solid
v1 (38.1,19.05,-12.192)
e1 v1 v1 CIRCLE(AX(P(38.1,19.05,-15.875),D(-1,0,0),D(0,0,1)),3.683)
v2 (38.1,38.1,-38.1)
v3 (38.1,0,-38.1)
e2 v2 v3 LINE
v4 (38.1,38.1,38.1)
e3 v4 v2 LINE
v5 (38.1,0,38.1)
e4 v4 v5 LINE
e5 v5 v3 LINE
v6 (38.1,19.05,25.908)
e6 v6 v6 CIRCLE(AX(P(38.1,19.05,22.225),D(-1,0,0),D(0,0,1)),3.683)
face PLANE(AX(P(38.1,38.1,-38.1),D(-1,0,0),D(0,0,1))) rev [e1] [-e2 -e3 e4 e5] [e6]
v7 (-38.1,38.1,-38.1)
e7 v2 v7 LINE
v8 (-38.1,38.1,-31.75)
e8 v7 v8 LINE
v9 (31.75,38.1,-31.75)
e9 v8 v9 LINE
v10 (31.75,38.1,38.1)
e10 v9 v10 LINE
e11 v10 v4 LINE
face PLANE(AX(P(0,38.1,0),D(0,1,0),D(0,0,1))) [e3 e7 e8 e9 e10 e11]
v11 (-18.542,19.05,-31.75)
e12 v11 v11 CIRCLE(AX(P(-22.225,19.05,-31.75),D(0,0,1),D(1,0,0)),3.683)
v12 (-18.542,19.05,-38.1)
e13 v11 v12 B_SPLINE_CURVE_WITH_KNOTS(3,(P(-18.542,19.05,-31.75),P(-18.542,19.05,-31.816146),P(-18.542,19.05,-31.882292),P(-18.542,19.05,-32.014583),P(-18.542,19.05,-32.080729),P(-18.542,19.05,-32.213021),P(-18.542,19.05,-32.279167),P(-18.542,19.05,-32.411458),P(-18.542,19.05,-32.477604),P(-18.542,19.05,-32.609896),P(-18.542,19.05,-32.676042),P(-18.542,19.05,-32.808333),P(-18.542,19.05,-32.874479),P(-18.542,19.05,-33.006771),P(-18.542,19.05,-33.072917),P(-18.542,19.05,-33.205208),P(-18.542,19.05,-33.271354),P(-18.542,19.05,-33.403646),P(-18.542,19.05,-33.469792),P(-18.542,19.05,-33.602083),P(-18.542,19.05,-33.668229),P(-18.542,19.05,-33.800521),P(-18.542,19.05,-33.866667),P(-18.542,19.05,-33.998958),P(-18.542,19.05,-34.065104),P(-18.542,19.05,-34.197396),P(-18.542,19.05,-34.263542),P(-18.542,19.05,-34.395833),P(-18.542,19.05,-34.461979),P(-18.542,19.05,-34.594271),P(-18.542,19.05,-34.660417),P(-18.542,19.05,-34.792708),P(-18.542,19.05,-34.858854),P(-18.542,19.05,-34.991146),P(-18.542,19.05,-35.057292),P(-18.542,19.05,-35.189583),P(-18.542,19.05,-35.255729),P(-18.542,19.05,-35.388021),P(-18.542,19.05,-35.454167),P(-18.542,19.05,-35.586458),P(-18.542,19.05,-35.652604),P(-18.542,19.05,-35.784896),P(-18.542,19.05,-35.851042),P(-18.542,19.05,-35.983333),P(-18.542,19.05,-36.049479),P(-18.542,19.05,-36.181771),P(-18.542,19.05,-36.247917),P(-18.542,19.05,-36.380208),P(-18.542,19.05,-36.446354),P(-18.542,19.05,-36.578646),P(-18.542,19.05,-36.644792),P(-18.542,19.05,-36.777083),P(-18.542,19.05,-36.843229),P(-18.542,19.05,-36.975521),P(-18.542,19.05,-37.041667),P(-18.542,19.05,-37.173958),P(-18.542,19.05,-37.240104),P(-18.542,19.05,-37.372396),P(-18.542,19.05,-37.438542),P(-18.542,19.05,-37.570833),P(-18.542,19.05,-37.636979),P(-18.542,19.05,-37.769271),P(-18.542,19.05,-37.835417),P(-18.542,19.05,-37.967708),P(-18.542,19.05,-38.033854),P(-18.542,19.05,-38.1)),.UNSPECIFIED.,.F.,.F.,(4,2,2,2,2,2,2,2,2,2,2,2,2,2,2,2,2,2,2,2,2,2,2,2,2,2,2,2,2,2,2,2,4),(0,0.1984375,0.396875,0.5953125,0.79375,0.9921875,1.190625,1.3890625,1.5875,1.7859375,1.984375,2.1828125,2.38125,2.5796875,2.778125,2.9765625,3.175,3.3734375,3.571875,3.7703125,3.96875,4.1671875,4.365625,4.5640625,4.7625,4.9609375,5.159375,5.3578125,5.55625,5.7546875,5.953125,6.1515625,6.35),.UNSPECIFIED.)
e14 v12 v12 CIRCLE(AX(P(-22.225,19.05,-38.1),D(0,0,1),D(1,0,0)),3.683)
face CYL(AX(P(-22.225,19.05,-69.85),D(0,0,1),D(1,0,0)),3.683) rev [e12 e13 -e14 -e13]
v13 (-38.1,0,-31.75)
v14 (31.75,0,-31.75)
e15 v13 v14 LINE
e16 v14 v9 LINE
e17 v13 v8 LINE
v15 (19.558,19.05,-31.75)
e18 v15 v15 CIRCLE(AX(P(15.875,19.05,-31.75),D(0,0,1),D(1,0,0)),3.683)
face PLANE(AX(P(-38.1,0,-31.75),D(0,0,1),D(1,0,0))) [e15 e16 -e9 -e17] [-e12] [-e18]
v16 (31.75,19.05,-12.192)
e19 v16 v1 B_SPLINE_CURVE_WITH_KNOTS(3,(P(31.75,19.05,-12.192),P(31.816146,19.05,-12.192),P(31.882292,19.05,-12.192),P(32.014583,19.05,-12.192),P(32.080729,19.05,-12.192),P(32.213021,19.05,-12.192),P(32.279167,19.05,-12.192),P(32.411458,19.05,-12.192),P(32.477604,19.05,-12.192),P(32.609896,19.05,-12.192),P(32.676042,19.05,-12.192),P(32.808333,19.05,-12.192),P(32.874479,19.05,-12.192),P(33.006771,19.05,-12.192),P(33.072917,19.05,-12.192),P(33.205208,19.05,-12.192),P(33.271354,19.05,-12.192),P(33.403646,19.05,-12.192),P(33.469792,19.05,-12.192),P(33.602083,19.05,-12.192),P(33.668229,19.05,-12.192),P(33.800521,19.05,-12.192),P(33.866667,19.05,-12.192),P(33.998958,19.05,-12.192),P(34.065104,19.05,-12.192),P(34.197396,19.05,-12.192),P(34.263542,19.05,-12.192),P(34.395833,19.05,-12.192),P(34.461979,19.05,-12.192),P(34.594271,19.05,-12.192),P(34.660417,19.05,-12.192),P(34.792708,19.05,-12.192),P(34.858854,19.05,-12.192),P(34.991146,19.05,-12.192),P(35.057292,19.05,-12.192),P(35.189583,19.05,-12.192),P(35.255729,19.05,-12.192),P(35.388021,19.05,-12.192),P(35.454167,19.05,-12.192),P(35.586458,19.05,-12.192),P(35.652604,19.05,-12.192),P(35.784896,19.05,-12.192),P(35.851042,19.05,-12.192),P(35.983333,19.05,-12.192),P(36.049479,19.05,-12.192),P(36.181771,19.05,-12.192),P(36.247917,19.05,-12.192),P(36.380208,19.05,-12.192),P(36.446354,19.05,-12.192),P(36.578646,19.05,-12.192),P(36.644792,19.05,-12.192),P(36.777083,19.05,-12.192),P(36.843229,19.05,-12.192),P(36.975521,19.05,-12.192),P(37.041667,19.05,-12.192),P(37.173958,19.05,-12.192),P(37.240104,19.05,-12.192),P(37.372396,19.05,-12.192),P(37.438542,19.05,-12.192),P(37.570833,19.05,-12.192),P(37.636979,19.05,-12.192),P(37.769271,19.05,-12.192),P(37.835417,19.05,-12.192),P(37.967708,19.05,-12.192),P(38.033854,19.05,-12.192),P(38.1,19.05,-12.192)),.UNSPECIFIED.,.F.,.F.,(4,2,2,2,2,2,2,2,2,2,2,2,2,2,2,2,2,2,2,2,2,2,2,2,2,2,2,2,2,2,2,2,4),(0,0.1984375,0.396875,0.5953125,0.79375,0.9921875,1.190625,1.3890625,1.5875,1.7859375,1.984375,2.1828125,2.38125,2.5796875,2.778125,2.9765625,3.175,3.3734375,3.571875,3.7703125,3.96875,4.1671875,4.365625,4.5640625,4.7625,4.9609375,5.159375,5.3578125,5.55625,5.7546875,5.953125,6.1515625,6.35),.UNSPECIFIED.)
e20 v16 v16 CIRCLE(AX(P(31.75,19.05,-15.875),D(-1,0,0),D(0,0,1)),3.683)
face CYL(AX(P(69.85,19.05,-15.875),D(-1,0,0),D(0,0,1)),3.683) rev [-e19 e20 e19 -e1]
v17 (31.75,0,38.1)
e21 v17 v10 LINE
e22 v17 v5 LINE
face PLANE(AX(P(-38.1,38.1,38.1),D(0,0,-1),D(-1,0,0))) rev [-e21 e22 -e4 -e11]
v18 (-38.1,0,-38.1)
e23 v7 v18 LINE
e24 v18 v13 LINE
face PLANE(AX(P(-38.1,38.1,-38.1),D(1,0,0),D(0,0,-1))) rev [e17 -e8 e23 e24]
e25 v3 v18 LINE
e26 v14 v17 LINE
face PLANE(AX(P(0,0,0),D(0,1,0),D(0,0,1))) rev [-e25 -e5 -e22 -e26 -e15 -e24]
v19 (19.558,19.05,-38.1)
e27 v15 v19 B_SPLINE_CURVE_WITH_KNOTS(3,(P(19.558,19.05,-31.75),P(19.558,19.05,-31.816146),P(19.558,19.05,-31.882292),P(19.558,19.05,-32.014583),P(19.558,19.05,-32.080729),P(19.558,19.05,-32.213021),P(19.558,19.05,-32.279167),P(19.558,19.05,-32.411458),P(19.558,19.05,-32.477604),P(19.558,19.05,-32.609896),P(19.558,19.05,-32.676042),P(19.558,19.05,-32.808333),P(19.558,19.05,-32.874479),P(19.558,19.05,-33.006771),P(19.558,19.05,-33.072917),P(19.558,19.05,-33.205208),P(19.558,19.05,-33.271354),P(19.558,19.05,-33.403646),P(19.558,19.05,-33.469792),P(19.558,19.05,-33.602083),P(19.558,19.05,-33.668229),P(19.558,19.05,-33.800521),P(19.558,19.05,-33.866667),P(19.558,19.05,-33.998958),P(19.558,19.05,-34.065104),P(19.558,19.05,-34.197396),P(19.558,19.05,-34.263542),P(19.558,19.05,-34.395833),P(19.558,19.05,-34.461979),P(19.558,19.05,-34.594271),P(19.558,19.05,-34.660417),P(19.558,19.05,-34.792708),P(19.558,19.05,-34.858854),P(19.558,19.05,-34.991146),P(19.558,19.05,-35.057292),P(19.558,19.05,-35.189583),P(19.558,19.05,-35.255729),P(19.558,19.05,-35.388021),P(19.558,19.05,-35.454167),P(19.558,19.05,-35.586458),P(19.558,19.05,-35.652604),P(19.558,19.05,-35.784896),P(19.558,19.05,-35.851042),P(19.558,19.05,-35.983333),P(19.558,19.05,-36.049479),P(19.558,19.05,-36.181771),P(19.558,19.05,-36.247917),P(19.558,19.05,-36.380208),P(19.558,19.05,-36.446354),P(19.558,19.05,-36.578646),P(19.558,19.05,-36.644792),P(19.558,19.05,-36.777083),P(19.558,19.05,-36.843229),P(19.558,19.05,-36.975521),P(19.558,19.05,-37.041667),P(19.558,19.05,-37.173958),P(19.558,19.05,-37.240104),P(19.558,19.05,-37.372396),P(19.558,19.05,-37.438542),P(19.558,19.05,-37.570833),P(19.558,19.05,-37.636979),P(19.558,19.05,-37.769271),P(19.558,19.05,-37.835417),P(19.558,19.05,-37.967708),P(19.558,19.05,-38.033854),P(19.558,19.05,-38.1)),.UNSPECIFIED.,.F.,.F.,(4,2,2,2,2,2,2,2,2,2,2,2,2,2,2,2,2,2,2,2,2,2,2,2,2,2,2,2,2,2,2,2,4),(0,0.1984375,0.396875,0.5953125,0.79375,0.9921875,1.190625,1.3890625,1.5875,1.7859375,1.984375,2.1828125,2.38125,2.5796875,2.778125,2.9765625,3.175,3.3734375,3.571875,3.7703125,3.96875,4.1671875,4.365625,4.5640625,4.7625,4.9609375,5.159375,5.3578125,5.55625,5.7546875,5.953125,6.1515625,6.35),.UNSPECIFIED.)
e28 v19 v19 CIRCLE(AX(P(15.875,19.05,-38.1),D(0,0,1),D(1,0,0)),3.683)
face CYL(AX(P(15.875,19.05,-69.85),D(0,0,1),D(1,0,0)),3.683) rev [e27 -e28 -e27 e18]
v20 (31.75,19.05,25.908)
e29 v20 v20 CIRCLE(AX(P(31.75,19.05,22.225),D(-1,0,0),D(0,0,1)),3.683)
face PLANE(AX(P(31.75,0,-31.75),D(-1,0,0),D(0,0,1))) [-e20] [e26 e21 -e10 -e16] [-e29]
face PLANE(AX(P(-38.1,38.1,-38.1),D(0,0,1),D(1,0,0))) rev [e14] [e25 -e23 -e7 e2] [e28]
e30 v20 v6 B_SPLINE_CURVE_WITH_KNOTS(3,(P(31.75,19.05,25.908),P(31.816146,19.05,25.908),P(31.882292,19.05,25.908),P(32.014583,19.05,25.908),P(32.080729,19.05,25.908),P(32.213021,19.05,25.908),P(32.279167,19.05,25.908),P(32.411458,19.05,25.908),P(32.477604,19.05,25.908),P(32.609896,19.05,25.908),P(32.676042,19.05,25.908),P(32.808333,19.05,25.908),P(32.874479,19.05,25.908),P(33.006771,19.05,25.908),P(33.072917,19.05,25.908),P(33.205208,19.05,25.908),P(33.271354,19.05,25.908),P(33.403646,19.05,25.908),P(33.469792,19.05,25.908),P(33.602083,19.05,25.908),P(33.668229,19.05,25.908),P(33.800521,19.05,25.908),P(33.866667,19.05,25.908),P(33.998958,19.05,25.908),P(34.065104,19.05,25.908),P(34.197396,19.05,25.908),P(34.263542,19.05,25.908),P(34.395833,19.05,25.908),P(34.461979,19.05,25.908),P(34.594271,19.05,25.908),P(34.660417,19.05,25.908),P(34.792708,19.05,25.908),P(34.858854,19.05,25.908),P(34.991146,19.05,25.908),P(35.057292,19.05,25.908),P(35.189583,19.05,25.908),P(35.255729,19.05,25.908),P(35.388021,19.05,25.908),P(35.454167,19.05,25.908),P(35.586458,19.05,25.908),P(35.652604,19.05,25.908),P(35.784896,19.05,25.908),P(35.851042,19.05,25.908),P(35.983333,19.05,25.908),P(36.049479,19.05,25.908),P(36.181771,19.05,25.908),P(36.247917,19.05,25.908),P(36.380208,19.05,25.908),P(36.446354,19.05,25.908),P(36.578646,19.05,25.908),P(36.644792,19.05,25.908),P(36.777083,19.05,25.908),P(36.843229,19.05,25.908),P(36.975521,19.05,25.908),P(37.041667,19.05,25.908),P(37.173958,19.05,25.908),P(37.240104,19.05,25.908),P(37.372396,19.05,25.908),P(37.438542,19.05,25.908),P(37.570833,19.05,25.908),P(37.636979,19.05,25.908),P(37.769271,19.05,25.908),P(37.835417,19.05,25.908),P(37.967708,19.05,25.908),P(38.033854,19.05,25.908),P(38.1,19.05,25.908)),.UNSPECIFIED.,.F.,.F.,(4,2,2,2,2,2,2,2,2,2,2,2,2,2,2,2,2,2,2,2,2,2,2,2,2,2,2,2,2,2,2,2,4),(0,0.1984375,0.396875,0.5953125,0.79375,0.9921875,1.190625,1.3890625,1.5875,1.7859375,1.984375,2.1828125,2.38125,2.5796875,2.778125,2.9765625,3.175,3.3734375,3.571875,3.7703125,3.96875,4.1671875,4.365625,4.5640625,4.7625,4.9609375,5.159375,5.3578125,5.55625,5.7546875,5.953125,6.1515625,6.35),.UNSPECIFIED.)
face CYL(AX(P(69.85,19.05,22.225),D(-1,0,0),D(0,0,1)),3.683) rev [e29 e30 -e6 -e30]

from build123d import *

# Parameters (mm, degrees)
SKETCH1_W           = 76.2
SKETCH1_H           = 76.2
BOSS_EXTRUDE1_DEPTH = 38.1
SKETCH2_OUTSIDE_W   = 101.06
SKETCH2_OUTSIDE_H   = 101.06
CUT_EXTRUDE1_DEPTH  = 66.991135768
CUT_EXTRUDE2_DEPTH  = 38.1
CUT_EXTRUDE3_DEPTH  = 38.1


with BuildPart() as part:
    # Sketch1 → Boss-Extrude1 (new body)
    with BuildSketch(Plane(origin=(0, 0, 0), x_dir=(1, 0, 0), z_dir=(0, 1, 0))):
        Rectangle(SKETCH1_W, SKETCH1_H)
    extrude(amount=BOSS_EXTRUDE1_DEPTH)

    # Sketch2 outside → Cut-Extrude1 (cut, through all)
    with BuildSketch(Plane(origin=(0, 38.1, 0), x_dir=(1, 0, 0), z_dir=(0, 1, 0))):
        Rectangle(SKETCH2_OUTSIDE_W, SKETCH2_OUTSIDE_H)
        Polygon((-38.1, 38.1), (38.1, 38.1), (38.1, 31.75), (38.1, -38.1), (31.75, -38.1), (31.75, 31.75), (-38.1, 31.75), align=None, mode=Mode.SUBTRACT)
    extrude(amount=-CUT_EXTRUDE1_DEPTH, mode=Mode.SUBTRACT)

    # Sketch4 → Cut-Extrude2 (cut)
    with BuildSketch(Plane.XY.offset(-31.75)):
        with BuildLine():
            Line((-25.908, 19.05), (-22.225, 19.05))
            Line((-22.225, 19.05), (-18.542, 19.05))
            ThreePointArc((-18.542, 19.05), (-22.225, 22.733), (-25.908, 19.05))
        make_face()
        with BuildLine():
            Line((-18.542, 19.05), (-22.225, 19.05))
            Line((-22.225, 19.05), (-25.908, 19.05))
            ThreePointArc((-25.908, 19.05), (-22.225, 15.367), (-18.542, 19.05))
        make_face()
        with BuildLine():
            ThreePointArc((19.558, 19.05), (15.875, 22.733), (12.192, 19.05))
            Line((12.192, 19.05), (15.875, 19.05))
            Line((15.875, 19.05), (19.558, 19.05))
        make_face()
        with BuildLine():
            Line((15.875, 19.05), (12.192, 19.05))
            ThreePointArc((12.192, 19.05), (15.875, 15.367), (19.558, 19.05))
            Line((19.558, 19.05), (15.875, 19.05))
        make_face()
    extrude(amount=-CUT_EXTRUDE2_DEPTH, mode=Mode.SUBTRACT)

    # Sketch5 → Cut-Extrude3 (cut)
    with BuildSketch(Plane.ZY.offset(-31.75)):
        with BuildLine():
            Line((-19.558, 19.05), (-15.875, 19.05))
            Line((-15.875, 19.05), (-12.192, 19.05))
            ThreePointArc((-12.192, 19.05), (-15.875, 22.733), (-19.558, 19.05))
        make_face()
        with BuildLine():
            Line((-12.192, 19.05), (-15.875, 19.05))
            Line((-15.875, 19.05), (-19.558, 19.05))
            ThreePointArc((-19.558, 19.05), (-15.875, 15.367), (-12.192, 19.05))
        make_face()
        with BuildLine():
            ThreePointArc((25.908, 19.05), (22.225, 22.733), (18.542, 19.05))
            Line((18.542, 19.05), (22.225, 19.05))
            Line((22.225, 19.05), (25.908, 19.05))
        make_face()
        with BuildLine():
            Line((22.225, 19.05), (18.542, 19.05))
            ThreePointArc((18.542, 19.05), (22.225, 15.367), (25.908, 19.05))
            Line((25.908, 19.05), (22.225, 19.05))
        make_face()
    extrude(amount=-CUT_EXTRUDE3_DEPTH, mode=Mode.SUBTRACT)


solid = part.part
